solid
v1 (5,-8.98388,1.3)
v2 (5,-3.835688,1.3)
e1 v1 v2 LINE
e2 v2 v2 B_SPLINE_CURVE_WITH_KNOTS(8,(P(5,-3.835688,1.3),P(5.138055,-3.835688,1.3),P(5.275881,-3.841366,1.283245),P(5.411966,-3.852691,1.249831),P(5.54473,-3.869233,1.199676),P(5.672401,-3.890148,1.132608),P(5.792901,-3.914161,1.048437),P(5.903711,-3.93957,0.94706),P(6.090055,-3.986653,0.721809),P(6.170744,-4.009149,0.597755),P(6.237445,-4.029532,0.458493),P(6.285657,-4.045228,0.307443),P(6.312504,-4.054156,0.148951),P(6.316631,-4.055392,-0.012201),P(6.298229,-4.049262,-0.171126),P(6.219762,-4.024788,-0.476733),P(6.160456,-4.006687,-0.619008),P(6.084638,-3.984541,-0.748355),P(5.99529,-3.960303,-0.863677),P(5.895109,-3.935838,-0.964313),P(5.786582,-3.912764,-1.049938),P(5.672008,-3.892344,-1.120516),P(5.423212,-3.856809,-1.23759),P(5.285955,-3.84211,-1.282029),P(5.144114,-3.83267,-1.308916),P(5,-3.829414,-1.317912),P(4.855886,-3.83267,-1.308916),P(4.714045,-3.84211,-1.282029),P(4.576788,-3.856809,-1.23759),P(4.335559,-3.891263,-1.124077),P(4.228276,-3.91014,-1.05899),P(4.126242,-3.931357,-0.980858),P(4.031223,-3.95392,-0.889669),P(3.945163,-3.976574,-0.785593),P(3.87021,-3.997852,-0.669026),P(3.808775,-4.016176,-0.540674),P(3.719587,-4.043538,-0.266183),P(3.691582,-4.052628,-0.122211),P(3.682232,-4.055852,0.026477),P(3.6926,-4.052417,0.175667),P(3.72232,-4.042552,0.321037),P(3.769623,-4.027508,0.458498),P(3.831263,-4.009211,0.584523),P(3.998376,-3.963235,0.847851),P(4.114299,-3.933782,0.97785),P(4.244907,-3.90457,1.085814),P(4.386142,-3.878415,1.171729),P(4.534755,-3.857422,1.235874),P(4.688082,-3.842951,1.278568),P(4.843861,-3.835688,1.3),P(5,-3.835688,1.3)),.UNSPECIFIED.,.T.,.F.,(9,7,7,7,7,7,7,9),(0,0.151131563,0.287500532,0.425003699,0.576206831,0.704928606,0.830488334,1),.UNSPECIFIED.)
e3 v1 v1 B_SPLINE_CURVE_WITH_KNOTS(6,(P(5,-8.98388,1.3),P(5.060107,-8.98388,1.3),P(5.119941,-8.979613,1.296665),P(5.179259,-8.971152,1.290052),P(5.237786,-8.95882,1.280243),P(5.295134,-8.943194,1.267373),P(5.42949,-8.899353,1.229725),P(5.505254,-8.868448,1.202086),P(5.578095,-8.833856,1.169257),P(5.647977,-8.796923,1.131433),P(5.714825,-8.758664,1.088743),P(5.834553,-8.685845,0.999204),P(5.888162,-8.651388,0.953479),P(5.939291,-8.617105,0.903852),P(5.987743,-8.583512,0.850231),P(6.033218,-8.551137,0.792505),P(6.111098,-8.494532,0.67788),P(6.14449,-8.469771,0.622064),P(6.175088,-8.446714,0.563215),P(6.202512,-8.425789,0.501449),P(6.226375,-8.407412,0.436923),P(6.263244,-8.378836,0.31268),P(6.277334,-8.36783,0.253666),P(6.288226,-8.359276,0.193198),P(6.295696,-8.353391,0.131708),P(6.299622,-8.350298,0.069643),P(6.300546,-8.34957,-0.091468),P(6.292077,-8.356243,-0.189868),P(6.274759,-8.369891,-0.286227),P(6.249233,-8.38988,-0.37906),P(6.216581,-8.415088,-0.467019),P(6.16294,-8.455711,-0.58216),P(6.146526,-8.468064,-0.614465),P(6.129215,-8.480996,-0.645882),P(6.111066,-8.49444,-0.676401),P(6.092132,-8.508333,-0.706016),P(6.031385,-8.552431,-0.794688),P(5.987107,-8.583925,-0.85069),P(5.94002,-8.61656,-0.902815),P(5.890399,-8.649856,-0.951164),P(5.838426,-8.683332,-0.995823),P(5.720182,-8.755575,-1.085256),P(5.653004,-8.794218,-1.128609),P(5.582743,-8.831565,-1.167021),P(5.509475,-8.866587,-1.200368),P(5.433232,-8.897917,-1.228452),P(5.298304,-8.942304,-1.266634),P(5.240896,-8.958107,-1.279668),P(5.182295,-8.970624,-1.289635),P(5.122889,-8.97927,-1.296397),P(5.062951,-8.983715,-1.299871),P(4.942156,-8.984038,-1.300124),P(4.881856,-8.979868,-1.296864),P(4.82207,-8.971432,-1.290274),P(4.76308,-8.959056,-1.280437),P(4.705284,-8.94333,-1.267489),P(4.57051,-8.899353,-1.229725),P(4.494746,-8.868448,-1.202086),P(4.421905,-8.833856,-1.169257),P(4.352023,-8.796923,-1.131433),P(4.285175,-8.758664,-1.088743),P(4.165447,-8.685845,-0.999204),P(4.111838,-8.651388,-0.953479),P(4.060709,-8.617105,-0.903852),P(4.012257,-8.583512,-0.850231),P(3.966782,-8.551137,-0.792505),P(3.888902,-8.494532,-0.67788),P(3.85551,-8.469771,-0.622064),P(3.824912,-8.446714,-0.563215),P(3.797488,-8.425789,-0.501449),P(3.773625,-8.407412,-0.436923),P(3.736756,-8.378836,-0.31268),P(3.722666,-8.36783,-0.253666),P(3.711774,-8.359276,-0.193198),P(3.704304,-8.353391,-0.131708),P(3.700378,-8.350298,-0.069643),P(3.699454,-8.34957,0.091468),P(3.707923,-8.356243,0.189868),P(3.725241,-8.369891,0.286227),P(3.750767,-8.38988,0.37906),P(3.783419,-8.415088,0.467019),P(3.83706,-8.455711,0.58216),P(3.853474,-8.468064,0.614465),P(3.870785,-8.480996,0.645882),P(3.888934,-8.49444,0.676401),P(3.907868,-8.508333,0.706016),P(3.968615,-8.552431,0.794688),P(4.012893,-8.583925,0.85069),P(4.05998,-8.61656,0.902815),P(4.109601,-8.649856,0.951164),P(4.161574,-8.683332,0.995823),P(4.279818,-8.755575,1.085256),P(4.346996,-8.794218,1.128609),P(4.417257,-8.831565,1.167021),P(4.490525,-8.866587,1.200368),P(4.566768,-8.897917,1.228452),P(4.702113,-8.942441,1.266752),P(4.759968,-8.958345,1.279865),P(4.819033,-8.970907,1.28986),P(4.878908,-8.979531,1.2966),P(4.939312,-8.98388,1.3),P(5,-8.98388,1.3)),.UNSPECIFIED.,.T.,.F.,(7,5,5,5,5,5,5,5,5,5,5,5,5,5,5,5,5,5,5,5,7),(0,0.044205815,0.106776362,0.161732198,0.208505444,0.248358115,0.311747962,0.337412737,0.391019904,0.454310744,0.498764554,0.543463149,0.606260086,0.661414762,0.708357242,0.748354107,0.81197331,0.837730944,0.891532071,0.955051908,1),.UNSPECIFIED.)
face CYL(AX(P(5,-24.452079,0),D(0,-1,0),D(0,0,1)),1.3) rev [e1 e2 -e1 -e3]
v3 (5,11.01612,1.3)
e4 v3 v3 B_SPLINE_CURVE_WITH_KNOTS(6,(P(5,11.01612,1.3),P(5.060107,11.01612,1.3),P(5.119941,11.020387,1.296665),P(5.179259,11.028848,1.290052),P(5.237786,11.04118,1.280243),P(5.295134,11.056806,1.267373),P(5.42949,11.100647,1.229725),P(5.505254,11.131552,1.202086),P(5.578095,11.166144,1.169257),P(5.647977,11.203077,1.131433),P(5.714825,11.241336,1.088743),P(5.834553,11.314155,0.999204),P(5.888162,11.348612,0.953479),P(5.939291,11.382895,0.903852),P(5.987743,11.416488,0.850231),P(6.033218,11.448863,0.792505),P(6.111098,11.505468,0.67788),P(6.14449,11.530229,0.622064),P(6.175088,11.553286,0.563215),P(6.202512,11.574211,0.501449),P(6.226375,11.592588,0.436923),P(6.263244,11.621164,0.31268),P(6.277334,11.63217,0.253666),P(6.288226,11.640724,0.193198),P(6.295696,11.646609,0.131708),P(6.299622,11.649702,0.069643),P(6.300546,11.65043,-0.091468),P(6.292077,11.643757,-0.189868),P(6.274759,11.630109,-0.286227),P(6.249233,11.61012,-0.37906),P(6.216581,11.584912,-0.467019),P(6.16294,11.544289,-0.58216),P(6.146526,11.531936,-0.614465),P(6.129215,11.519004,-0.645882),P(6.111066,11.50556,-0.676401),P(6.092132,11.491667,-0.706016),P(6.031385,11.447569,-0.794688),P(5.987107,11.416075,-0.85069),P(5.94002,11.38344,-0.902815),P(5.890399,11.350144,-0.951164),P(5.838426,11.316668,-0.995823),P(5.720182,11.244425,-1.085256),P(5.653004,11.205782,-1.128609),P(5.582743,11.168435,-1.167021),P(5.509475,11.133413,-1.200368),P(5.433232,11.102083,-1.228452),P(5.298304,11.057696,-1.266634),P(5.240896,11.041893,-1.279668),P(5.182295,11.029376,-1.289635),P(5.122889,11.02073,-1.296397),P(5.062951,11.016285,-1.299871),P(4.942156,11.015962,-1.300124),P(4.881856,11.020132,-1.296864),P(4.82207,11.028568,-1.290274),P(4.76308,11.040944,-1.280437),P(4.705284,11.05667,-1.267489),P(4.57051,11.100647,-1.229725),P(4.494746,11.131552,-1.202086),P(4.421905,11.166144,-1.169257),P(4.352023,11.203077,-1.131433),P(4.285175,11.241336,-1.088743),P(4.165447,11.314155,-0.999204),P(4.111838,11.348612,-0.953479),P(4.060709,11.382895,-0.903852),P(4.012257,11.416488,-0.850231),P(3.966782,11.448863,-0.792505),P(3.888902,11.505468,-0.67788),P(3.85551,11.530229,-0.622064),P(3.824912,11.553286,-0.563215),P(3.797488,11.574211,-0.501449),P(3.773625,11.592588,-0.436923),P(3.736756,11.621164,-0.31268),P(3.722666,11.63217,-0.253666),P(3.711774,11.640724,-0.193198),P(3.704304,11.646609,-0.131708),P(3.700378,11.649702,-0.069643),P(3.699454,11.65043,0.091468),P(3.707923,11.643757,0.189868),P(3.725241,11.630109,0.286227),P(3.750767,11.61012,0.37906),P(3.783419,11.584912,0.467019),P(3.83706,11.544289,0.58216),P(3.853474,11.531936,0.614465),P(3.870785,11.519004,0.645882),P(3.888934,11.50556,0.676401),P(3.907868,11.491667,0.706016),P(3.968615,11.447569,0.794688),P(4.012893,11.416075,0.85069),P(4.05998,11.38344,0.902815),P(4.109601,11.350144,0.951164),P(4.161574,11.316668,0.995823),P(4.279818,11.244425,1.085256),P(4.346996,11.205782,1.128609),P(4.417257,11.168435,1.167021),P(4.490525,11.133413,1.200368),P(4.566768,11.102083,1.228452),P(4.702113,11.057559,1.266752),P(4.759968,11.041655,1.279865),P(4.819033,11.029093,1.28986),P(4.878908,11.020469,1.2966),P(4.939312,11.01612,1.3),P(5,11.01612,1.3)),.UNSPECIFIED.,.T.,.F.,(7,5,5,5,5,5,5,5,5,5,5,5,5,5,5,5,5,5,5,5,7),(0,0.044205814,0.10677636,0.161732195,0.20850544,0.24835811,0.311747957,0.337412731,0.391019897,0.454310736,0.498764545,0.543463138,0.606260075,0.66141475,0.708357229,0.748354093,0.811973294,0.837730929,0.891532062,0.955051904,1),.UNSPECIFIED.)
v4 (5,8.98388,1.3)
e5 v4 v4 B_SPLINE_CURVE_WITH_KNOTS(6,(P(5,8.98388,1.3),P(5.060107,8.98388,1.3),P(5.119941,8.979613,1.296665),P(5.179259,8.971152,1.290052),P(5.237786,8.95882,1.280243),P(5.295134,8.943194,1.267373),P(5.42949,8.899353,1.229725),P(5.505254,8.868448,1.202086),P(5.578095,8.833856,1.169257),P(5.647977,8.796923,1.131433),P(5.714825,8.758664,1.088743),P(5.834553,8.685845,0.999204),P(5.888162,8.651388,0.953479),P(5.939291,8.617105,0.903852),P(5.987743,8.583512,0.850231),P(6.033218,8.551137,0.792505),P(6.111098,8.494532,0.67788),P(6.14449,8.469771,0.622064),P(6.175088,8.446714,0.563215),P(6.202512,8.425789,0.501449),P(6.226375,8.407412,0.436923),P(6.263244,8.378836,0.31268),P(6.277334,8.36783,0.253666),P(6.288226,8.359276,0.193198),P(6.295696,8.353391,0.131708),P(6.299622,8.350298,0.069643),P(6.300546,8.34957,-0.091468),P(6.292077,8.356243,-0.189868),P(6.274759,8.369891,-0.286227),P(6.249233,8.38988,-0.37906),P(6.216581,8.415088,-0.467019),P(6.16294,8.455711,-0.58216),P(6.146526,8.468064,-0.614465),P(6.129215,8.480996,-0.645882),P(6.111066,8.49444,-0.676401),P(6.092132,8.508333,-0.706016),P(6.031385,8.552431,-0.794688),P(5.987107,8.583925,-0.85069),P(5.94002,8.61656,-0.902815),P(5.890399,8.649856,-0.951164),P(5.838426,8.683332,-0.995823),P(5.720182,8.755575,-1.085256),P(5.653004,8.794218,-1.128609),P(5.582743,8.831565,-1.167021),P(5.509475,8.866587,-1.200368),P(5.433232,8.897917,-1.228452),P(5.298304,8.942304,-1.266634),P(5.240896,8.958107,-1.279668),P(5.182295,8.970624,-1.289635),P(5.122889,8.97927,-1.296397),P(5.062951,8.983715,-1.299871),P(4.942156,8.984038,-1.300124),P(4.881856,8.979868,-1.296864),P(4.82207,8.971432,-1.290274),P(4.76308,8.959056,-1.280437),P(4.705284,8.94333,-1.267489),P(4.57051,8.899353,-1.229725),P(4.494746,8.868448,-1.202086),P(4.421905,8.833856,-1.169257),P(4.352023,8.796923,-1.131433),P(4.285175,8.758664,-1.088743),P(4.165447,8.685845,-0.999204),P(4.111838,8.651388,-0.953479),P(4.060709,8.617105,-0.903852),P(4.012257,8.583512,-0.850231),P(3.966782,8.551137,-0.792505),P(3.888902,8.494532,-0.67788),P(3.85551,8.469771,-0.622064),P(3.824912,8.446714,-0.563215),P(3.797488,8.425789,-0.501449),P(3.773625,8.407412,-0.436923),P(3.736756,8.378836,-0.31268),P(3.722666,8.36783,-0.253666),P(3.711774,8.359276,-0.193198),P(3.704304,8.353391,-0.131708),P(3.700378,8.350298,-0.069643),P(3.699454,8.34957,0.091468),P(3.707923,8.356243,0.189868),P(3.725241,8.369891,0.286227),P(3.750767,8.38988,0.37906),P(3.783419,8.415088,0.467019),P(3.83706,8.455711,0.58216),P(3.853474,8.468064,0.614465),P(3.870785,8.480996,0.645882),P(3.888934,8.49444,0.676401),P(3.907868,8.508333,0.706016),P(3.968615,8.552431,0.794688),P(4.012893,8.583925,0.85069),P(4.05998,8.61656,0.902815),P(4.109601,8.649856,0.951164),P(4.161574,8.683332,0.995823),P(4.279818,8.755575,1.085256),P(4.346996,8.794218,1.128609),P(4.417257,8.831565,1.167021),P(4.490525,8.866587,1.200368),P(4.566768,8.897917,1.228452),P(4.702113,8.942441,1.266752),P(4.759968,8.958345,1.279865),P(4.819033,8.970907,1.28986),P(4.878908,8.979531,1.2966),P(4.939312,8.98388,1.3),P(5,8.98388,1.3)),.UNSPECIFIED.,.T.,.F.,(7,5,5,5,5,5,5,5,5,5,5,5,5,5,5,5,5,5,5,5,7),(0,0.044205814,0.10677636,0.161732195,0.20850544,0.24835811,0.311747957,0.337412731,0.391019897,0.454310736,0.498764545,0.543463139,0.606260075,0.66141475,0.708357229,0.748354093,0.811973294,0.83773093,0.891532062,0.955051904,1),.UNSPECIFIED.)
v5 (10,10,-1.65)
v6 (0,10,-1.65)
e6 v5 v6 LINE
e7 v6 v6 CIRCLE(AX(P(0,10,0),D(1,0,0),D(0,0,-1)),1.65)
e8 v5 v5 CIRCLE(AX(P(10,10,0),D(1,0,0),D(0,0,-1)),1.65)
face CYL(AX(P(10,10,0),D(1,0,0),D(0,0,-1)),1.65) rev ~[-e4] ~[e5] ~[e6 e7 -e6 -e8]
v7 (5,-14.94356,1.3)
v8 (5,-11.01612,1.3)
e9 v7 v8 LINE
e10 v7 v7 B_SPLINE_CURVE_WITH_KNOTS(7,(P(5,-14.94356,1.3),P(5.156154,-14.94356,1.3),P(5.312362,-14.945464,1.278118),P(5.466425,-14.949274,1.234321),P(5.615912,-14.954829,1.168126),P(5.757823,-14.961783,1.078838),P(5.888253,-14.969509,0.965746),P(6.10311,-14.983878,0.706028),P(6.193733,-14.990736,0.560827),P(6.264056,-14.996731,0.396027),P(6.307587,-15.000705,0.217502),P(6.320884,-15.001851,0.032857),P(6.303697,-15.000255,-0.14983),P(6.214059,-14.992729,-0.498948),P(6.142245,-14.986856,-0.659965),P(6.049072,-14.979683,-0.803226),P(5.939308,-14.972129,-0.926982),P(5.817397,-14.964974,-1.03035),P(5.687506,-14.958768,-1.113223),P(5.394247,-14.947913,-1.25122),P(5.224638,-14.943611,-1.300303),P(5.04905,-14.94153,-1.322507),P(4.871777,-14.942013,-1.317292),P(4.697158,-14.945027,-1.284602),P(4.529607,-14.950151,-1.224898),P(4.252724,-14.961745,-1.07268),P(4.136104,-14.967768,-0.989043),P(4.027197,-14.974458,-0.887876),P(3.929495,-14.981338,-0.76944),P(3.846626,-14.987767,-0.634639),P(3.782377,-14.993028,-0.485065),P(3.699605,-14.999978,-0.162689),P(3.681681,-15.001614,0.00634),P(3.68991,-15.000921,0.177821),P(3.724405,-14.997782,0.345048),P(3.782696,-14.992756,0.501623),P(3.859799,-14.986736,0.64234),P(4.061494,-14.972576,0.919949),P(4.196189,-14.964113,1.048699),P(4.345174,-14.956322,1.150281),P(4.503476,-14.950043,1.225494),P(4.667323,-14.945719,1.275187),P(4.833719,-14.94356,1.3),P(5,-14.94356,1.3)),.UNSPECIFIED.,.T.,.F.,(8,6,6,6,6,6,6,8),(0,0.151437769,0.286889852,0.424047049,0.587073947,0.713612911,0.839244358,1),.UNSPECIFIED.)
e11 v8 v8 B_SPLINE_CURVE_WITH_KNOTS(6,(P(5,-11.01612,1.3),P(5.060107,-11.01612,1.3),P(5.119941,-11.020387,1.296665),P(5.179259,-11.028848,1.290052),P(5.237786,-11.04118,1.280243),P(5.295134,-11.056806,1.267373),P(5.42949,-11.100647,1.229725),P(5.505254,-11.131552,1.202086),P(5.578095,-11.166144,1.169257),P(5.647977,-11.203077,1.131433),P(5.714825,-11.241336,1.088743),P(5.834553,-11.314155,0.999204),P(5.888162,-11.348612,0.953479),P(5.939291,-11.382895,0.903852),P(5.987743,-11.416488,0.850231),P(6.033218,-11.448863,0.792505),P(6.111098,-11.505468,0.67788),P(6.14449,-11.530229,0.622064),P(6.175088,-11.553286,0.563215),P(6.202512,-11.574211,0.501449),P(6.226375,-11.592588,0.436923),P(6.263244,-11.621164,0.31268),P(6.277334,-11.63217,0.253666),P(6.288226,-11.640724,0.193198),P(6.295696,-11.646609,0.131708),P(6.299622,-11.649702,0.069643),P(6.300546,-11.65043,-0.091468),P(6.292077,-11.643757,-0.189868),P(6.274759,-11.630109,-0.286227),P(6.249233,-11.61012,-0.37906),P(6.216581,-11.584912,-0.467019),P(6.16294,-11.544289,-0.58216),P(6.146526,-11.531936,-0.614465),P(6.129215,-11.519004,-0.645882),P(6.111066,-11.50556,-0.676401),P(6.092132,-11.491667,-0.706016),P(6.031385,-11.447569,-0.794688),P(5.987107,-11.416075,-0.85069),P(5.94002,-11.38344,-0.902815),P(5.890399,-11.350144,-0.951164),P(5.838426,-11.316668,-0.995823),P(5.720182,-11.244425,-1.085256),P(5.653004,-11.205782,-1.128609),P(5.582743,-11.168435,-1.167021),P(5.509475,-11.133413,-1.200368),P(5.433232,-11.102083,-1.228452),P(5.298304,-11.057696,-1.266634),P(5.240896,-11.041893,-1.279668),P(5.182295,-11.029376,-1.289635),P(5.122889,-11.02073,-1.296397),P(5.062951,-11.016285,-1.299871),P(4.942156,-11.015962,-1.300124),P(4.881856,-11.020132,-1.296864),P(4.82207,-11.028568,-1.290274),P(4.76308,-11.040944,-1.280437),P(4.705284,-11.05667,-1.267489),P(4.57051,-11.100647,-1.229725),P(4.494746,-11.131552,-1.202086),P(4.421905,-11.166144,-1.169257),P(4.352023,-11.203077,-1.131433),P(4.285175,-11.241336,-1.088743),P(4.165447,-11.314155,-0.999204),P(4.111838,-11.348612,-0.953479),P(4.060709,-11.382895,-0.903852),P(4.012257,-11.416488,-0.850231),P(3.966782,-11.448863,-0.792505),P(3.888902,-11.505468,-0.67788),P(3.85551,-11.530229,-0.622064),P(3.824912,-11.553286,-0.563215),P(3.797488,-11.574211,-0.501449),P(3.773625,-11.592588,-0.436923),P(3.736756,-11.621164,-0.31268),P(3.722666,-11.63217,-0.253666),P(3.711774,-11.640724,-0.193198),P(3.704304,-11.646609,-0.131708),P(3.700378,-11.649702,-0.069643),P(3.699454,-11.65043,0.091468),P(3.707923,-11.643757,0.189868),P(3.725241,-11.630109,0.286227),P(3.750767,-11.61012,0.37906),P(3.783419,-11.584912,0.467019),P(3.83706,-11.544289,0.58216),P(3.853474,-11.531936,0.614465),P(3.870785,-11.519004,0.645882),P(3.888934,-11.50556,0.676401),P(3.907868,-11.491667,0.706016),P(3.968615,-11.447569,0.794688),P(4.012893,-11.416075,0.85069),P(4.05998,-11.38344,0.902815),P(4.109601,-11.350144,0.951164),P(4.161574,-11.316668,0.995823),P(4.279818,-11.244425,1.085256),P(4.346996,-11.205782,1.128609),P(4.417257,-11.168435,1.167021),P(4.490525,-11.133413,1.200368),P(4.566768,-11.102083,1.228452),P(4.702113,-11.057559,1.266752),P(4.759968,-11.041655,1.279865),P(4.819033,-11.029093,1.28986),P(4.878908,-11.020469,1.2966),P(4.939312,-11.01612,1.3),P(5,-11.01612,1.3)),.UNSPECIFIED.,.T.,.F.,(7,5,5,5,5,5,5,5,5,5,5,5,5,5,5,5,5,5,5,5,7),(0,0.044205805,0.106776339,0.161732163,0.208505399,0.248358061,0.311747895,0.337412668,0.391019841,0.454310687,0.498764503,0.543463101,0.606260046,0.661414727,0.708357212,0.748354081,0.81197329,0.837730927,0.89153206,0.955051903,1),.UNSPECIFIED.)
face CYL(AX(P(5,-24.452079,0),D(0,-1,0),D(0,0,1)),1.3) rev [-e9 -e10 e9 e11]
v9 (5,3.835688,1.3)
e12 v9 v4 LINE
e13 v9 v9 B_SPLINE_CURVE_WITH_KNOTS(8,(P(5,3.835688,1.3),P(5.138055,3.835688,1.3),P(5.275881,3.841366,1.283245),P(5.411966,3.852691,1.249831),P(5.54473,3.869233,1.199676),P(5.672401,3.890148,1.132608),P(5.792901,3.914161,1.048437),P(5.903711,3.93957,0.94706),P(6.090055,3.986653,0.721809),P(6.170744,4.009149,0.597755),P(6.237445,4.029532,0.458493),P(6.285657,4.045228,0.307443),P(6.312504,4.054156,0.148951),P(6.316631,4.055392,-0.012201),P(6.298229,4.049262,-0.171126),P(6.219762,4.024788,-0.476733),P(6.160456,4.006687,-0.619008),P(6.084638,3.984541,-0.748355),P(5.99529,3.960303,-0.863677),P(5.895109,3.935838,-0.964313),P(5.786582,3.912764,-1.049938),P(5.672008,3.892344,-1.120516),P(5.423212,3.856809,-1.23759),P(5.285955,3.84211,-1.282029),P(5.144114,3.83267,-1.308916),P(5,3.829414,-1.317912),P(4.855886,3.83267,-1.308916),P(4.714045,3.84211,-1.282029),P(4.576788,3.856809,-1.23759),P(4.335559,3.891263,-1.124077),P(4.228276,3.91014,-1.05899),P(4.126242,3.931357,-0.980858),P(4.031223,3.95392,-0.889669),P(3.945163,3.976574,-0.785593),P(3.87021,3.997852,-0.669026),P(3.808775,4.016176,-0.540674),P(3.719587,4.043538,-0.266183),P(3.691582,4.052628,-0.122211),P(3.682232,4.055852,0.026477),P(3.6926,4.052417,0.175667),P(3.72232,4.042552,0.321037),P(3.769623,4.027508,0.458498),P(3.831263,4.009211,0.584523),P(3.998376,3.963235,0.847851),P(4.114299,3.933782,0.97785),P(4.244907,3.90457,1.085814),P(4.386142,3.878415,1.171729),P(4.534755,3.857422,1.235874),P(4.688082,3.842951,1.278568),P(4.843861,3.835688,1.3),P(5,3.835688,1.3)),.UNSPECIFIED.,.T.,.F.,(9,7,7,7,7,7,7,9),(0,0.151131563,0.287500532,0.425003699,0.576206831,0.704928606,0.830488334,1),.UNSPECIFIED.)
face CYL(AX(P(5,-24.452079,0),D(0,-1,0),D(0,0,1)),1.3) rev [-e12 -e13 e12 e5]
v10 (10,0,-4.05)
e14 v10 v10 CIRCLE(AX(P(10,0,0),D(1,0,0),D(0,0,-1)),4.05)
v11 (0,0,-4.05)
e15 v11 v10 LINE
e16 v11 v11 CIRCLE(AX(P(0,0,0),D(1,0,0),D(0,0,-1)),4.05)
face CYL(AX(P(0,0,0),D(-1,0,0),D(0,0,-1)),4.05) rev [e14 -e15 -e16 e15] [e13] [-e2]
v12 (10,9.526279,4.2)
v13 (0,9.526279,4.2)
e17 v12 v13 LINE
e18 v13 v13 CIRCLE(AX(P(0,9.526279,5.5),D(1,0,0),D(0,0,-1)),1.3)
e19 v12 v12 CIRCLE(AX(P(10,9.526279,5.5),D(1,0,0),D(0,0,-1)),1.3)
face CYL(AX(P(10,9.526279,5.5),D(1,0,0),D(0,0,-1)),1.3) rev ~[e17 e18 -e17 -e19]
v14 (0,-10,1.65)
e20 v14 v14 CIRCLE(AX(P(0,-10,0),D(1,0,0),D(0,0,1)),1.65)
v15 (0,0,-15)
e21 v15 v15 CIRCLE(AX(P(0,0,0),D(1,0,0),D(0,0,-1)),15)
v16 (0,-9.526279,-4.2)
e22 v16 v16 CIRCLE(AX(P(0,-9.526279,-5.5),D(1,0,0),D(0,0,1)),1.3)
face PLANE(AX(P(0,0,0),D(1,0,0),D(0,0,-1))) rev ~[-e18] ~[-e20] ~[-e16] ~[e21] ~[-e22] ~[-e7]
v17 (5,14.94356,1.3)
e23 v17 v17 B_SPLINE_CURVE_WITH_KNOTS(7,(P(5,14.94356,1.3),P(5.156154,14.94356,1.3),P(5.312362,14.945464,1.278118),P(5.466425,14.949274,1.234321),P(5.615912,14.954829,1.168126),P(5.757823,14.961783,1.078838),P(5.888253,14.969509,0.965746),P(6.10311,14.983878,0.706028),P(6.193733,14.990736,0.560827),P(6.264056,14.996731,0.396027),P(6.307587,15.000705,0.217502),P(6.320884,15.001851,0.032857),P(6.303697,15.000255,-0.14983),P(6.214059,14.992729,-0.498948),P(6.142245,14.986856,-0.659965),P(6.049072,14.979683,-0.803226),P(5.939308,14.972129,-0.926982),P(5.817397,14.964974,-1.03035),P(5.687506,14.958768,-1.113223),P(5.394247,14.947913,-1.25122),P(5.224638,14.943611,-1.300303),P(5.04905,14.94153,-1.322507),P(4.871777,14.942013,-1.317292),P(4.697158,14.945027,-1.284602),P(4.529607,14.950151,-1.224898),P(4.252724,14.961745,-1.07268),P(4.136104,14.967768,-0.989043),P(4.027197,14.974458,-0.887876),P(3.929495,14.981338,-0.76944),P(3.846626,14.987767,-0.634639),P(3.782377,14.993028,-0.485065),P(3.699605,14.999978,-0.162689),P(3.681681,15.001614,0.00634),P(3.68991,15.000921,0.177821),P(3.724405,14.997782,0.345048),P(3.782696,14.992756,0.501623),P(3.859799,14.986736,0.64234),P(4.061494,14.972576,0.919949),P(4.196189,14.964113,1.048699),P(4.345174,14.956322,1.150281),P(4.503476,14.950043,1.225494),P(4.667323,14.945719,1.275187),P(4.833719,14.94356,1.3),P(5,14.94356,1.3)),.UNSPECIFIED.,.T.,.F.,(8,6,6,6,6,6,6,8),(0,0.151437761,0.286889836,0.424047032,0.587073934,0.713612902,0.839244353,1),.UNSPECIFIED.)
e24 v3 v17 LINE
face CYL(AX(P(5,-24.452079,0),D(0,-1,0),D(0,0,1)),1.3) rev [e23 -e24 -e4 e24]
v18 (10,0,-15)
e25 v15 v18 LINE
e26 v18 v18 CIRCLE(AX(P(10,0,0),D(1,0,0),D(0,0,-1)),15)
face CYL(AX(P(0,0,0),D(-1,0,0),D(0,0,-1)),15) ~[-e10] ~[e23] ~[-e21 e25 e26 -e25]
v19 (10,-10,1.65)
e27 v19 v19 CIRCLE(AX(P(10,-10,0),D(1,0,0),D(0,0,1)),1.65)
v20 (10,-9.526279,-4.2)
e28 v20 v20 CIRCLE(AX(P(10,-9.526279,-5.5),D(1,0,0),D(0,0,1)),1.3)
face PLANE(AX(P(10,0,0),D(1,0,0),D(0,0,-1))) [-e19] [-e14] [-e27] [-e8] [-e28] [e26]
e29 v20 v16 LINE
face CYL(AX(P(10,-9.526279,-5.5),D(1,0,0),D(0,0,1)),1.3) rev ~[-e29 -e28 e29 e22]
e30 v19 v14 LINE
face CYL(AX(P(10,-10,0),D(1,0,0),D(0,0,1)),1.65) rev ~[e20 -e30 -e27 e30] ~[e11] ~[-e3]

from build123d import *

# Parameters (mm, degrees)
SKETCH_1_R               = 15
SKETCH_1_R_2             = 4.05
EXTRUDE_1_DEPTH          = 10
CUT_EXTRUDE_1_DEPTH      = 24.452078799
CUT_EXTRUDE_1_DEPTH_BACK = 24.452078799
SKETCH_2_R               = 1.3
SKETCH_3_R               = 1.65
SKETCH_3_R_2             = 1.3
CUT_EXTRUDE_2_DEPTH      = 24.452078982


with BuildPart() as part:
    # ｽｹｯﾁ1 → ﾎﾞｽ - 押し出し1 (new body)
    with BuildSketch(Plane(origin=(0, 0, 0), x_dir=(0, 0, -1), z_dir=(1, 0, 0))):
        Circle(SKETCH_1_R)
        Circle(SKETCH_1_R_2, mode=Mode.SUBTRACT)
    extrude(amount=EXTRUDE_1_DEPTH)

    # ｽｹｯﾁ2 → ｶｯﾄ - 押し出し1 (cut, two sides: drawn at the far end of the back side and taken through both)
    with BuildSketch(Plane(origin=(0, 0, 0), x_dir=(1, 0, 0), z_dir=(0, 1, 0)).offset(-CUT_EXTRUDE_1_DEPTH_BACK)):
        with Locations(Location((5, 0, 0), (0, 0, 270))):
            Circle(SKETCH_2_R)
    extrude(amount=CUT_EXTRUDE_1_DEPTH + CUT_EXTRUDE_1_DEPTH_BACK, mode=Mode.SUBTRACT)

    # ｽｹｯﾁ3 → ｶｯﾄ - 押し出し2 (cut, through all)
    with BuildSketch(Plane(origin=(10, 0, 0), x_dir=(0, 0, -1), z_dir=(1, 0, 0))):
        with Locations((0, 10)):
            Circle(SKETCH_3_R)
        with Locations(Location((0, -10, 0), (0, 0, 180))):
            Circle(SKETCH_3_R)
        with Locations((-5.5, 9.526279442)):
            Circle(SKETCH_3_R_2)
        with Locations(Location((5.5, -9.526279442, 0), (0, 0, 180))):
            Circle(SKETCH_3_R_2)
    extrude(amount=-CUT_EXTRUDE_2_DEPTH, mode=Mode.SUBTRACT)


solid = part.part
